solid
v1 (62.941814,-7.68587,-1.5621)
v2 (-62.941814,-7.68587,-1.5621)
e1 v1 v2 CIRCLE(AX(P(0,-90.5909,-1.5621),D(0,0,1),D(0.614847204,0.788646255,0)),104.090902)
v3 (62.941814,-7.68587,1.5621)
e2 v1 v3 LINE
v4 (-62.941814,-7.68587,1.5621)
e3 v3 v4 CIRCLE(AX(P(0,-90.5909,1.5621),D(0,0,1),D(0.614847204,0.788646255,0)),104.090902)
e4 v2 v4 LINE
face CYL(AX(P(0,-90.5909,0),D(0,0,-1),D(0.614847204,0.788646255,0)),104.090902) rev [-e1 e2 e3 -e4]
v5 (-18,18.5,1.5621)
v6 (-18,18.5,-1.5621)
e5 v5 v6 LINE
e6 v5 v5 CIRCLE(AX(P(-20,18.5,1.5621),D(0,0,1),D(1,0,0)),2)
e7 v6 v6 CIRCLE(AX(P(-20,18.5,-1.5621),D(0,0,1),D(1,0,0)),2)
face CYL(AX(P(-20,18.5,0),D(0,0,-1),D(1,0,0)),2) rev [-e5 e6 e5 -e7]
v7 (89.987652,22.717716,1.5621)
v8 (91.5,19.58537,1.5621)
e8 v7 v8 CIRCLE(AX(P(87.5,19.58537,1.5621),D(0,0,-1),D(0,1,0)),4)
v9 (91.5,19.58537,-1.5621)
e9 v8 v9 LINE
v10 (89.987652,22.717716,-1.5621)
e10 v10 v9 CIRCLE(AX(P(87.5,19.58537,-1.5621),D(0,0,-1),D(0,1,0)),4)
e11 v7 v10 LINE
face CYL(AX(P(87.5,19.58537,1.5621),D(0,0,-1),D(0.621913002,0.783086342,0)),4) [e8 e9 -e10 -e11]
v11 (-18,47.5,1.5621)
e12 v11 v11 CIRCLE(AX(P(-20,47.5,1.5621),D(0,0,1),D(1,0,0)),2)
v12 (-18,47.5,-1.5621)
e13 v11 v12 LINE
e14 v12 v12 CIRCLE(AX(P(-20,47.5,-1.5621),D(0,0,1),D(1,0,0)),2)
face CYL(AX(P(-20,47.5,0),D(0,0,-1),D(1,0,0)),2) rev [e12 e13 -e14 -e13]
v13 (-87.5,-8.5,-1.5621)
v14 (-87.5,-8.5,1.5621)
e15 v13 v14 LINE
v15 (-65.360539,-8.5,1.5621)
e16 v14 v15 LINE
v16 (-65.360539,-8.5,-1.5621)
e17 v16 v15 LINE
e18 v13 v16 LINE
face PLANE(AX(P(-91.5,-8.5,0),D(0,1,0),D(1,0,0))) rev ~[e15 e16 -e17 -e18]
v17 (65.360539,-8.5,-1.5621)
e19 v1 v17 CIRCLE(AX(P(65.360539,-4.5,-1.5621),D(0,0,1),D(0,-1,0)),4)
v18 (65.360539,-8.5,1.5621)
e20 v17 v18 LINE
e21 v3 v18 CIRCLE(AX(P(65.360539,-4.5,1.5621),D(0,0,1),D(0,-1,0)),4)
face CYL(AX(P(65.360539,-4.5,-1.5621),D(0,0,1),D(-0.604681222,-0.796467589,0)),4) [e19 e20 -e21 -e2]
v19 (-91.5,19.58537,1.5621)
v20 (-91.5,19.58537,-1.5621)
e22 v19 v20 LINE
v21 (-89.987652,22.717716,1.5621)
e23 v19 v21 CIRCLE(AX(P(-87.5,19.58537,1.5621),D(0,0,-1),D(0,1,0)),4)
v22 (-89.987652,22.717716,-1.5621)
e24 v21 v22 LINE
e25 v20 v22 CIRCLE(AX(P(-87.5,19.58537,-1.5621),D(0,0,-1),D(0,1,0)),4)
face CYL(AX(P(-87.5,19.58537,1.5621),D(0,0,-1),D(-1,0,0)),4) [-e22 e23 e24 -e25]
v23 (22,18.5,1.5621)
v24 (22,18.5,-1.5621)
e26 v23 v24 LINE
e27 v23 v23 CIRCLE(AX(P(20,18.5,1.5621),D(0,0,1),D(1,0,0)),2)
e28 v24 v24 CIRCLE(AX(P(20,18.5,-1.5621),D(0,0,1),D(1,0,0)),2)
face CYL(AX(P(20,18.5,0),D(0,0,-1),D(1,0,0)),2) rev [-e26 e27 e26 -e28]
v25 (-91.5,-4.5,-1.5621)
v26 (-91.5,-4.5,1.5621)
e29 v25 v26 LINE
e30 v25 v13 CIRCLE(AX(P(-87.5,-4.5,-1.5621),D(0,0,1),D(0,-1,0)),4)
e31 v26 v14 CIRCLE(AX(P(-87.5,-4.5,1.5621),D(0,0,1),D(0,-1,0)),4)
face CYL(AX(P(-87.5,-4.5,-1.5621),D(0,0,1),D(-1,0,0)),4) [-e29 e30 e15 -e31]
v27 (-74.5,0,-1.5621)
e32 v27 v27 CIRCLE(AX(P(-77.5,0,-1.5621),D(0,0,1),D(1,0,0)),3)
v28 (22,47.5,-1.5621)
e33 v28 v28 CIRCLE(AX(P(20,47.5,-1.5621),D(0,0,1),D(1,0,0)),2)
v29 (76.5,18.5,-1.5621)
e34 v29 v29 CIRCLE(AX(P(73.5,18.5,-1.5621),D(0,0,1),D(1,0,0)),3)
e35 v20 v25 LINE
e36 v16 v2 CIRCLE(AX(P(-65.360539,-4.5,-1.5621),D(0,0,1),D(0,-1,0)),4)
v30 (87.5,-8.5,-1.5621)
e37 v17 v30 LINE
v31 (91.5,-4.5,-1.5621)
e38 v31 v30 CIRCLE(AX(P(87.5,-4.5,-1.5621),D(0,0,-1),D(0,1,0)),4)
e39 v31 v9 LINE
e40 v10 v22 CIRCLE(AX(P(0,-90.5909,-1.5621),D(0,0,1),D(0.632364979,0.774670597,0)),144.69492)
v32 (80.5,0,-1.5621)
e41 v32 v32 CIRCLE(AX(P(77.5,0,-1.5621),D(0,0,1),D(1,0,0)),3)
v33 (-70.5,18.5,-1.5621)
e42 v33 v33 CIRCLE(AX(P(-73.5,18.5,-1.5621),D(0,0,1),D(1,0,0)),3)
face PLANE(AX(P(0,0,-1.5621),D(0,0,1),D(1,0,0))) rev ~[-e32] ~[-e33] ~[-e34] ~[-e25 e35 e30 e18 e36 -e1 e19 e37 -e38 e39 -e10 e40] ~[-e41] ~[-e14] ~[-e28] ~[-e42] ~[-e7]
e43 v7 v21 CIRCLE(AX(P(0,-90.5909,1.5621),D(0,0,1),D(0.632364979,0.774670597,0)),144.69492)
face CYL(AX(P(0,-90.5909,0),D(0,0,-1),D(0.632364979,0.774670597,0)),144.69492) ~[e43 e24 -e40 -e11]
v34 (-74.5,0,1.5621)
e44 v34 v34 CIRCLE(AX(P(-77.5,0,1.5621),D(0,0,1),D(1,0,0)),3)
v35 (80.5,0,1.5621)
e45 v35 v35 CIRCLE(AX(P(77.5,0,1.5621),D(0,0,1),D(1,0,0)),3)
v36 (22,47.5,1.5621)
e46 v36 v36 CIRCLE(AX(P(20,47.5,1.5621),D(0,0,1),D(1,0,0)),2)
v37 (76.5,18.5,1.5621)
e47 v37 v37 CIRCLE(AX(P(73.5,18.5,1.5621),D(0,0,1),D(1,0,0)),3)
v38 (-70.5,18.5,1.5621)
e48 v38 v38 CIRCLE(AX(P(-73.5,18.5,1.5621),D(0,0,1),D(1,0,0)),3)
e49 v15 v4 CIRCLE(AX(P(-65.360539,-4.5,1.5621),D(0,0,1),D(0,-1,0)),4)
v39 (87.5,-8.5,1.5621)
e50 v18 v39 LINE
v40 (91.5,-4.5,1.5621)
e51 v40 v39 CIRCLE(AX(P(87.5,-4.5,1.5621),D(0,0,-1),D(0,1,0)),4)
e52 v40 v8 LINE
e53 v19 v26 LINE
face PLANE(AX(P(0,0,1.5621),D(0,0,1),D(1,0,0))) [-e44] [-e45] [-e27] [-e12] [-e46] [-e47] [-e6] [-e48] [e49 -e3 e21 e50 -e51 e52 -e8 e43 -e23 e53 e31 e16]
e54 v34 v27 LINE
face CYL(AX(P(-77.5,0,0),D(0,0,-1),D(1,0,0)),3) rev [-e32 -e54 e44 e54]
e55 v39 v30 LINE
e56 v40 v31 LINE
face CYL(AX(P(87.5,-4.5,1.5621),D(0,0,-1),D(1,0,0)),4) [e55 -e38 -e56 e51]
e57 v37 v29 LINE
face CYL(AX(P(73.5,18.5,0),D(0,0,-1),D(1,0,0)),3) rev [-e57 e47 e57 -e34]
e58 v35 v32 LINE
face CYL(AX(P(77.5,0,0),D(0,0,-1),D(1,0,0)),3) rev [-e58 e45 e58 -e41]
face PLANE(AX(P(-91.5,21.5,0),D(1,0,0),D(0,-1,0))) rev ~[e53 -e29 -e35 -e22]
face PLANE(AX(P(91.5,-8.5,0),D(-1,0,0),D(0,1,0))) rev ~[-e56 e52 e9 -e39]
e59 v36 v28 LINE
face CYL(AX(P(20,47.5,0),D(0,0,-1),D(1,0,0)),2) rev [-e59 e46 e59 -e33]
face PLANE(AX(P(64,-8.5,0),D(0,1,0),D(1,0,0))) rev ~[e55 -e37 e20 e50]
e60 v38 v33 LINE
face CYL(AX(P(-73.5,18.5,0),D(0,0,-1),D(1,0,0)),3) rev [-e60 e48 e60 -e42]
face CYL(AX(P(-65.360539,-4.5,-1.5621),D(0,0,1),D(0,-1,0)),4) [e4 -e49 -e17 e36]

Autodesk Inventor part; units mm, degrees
ref_plane "YZ Plane" through (0, 0, 0) normal (1, 0, 0) x (0, 1, 0)
ref_plane "XZ Plane" through (0, 0, 0) normal (0, 1, 0) x (-1, 0, 0)
ref_plane "XY Plane" through (0, 0, 0) normal (0, 0, 1) x (1, 0, 0)
sketch "Sketch1" plane through (0, 0, 0) normal (0, 0, 1) x (1, 0, 0)
  line L0 (-91.5, -8.5) -> (-64, -8.5)
  line L1 (-91.5, 21.5) -> (-91.5, -8.5)
  line L2 (64, -8.5) -> (91.5, -8.5)
  line L3 (91.5, -8.5) -> (91.5, 21.5)
  arc A0 (64, -8.5) -> (-64, -8.5) centre (0, -90.5909) ccw
  arc A1 (91.5, 21.5) -> (-91.5, 21.5) centre (0, -90.5909) ccw
  circle A2 centre (-77.5, 0) radius 3
  circle A3 centre (77.5, 0) radius 3
  circle A4 centre (-73.5, 18.5) radius 3
  circle A5 centre (73.5, 18.5) radius 3
  line L4 (-20, 18.5) -> (20, 18.5) construction
  line L5 (20, 18.5) -> (20, 47.5) construction
  line L6 (20, 47.5) -> (-20, 47.5) construction
  line L7 (-20, 47.5) -> (-20, 18.5) construction
  line L8 (-20, 18.5) -> (20, 47.5) construction
  line L9 (20, 18.5) -> (-20, 47.5) construction
  circle A6 centre (-20, 47.5) radius 2
  circle A7 centre (20, 47.5) radius 2
  circle A8 centre (20, 18.5) radius 2
  circle A9 centre (-20, 18.5) radius 2
  point P0 (0, 0)
  point P1 (0, 33)
  point P2 (0, 33)
  dimension "d0" = 155
  dimension "d1" = 77.5
  dimension "d2" = 8.5
  dimension "d3" = 27.5
  dimension "d4" = 14
  dimension "d5" = 14
  dimension "d6" = 30
  dimension "d12" = 6
  dimension "d13" = 18.5
  dimension "d14" = 4
  dimension "d15" = 18.5
  dimension "d16" = 4
  dimension "d17" = 40
  dimension "d18" = 29
  dimension "d19" = 4
  dimension "d20" = 22
extrude "Extrusion1" add sketch "Sketch1" along normal mid plane 3.1242
fillet "Fillet1" radius 4 6 edges at (-91.5, -8.5, 0) (-91.5, 21.5, 0) (-64, -8.5, 0) (64, -8.5, 0) (91.5, -8.5, 0) (91.5, 21.5, 0)
equation "\"d1\" = 0.5 * d0"
properties part number "Y Bearing Plate" material "Aluminum 6061"
